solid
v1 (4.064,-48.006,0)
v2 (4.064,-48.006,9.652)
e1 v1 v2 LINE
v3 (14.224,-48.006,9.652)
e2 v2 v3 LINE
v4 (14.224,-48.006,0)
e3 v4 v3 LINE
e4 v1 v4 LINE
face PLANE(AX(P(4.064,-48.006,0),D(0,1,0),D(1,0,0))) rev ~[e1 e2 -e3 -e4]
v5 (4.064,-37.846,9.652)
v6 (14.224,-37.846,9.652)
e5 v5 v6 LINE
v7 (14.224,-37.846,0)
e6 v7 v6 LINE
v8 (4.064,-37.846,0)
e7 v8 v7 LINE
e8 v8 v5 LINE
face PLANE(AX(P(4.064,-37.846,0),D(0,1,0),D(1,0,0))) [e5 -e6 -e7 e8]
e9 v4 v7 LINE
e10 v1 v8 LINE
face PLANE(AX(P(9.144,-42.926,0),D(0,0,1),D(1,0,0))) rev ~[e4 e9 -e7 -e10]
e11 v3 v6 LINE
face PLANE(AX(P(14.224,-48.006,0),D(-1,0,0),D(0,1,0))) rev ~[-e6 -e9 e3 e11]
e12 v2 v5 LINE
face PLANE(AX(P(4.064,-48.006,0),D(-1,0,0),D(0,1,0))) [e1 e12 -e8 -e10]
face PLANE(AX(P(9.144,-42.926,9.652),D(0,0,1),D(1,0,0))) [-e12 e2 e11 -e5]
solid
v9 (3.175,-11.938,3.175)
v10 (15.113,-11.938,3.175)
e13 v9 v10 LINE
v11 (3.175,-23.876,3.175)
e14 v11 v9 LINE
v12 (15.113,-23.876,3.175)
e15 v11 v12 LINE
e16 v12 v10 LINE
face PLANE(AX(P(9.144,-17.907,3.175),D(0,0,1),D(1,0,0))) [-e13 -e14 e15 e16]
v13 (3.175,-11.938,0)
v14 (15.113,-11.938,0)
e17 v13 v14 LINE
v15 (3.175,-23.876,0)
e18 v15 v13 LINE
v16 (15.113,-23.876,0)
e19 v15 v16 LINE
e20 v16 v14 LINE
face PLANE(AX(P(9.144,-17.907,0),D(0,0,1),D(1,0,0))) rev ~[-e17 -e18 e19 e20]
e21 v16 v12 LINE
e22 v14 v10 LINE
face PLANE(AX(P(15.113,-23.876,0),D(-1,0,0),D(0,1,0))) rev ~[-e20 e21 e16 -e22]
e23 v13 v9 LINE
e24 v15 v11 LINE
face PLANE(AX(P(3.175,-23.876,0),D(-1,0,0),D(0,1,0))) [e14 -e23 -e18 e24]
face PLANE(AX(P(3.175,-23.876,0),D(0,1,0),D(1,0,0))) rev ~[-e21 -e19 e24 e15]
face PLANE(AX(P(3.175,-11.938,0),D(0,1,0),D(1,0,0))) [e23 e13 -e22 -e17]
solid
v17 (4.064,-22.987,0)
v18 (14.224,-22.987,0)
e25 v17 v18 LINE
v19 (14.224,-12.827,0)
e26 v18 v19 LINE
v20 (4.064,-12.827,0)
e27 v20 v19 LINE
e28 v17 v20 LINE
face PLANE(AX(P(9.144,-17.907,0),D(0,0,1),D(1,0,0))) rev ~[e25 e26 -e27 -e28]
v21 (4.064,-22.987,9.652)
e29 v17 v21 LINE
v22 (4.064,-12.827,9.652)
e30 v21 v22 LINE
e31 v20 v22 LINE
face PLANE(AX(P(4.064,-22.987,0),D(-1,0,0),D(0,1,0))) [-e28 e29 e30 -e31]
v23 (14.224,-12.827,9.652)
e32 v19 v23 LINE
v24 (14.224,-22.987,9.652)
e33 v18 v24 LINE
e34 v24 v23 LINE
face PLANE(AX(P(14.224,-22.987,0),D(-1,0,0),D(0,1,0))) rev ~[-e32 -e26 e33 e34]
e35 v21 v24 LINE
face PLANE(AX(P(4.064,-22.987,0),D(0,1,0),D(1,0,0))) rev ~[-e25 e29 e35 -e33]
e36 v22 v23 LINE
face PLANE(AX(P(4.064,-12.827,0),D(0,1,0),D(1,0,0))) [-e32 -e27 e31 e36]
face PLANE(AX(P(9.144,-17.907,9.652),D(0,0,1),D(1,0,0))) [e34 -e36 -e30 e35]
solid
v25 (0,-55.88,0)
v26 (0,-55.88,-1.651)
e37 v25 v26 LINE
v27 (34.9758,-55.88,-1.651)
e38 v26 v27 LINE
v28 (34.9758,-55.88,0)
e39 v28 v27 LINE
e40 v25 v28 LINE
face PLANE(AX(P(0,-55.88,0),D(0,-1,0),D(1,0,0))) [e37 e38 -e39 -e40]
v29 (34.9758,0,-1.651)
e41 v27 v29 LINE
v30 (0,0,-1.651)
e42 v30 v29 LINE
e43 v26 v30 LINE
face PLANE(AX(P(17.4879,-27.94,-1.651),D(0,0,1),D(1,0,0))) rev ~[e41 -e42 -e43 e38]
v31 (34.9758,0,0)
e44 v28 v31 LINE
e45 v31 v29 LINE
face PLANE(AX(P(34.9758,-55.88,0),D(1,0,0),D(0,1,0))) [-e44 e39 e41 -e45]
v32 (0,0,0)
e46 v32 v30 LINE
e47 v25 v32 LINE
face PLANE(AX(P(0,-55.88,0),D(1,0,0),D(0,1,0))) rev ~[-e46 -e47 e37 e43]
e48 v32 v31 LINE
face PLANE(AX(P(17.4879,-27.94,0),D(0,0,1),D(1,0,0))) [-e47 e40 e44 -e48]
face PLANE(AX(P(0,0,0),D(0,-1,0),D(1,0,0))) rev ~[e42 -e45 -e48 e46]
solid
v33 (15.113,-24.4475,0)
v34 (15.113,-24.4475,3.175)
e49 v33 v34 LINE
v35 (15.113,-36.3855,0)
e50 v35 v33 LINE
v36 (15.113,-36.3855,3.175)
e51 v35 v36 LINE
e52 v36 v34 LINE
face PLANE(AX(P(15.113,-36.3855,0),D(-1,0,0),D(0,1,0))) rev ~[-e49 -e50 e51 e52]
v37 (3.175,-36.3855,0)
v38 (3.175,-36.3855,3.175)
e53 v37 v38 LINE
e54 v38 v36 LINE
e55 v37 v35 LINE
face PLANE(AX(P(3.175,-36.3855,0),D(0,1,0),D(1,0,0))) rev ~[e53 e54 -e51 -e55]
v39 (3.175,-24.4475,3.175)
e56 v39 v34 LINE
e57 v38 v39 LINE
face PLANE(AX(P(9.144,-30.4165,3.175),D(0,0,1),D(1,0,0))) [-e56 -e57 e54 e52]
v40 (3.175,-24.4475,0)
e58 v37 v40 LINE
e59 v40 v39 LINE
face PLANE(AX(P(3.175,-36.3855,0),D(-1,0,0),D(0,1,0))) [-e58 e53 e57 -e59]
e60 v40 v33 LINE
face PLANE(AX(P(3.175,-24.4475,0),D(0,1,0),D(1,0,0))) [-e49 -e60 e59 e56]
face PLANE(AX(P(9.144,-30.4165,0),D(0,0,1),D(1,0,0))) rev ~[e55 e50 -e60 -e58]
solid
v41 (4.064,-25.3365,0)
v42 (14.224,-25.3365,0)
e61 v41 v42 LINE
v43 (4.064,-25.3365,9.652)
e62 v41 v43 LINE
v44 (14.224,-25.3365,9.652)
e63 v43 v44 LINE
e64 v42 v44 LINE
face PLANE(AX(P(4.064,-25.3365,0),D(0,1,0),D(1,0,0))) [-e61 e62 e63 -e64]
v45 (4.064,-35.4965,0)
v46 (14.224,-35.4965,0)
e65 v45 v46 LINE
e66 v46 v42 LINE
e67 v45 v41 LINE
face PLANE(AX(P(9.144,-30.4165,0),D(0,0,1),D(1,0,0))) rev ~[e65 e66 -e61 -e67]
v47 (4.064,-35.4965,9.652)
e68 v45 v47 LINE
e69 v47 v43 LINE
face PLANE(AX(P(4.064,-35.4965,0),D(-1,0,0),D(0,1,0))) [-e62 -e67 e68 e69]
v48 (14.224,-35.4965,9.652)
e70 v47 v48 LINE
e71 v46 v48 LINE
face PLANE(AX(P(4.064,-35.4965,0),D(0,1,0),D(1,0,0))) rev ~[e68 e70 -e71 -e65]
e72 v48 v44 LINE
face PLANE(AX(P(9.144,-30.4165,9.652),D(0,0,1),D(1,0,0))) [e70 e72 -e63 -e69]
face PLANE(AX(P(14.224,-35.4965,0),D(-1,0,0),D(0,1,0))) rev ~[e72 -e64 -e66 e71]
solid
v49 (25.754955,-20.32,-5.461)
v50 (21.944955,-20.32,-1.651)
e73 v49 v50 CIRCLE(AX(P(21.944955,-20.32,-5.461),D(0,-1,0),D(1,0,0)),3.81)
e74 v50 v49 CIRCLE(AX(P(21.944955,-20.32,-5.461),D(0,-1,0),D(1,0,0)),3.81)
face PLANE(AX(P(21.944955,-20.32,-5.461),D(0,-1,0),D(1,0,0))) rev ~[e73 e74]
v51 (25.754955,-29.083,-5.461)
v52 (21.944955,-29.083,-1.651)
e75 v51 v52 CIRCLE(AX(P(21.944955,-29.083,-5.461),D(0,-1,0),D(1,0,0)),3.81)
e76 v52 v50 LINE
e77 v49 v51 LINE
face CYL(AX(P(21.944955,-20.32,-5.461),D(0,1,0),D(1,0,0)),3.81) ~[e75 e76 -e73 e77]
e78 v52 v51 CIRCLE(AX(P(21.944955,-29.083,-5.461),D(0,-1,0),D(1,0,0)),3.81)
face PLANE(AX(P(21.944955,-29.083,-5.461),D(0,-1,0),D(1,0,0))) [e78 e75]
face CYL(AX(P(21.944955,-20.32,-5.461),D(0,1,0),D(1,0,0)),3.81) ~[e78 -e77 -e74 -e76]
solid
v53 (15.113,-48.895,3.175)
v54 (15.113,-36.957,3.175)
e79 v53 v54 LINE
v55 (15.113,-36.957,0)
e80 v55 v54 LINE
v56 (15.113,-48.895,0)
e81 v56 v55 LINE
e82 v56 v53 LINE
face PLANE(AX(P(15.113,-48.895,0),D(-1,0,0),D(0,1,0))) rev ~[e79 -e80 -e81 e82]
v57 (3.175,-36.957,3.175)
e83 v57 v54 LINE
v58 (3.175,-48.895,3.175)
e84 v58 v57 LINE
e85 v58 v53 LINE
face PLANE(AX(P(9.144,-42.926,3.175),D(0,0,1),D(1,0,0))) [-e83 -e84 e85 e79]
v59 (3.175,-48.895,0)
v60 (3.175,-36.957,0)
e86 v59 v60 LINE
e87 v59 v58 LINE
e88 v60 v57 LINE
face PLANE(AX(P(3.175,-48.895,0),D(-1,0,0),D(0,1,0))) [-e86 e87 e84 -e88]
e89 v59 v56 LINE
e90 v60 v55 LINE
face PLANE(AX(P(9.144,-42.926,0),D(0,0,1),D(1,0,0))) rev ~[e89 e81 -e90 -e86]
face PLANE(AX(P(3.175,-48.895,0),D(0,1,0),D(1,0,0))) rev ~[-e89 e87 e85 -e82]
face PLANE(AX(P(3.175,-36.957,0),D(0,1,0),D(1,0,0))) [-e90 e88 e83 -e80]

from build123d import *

# Parameters (mm, degrees)
F0_W     = 34.9758
F0_H     = 55.88
F0_W_2   = 11.938
F0_H_2   = 11.938
F0_W_3   = 10.16
F0_H_3   = 10.16
F1_DEPTH = 1.651
F2_DEPTH = 3.175
F3_DEPTH = 9.652
F5_R     = 3.81
F6_DEPTH = 8.763


with BuildPart() as f1:
    # F0 (on Top) → F1 (new body)
    with BuildSketch(Plane.XY):
        with Locations((17.4879, -27.94)):
            Rectangle(F0_W, F0_H)
        with Locations((9.144, -42.926)):
            Rectangle(F0_W_2, F0_H_2, mode=Mode.SUBTRACT)
        with Locations((9.144, -30.4165)):
            Rectangle(F0_W_2, F0_H_2, mode=Mode.SUBTRACT)
        with Locations((9.144, -17.907)):
            Rectangle(F0_W_2, F0_H_2, mode=Mode.SUBTRACT)
        with Locations((9.144, -42.926)):
            Rectangle(F0_W_2, F0_H_2)
        with Locations((9.144, -42.926)):
            Rectangle(F0_W_3, F0_H_3, mode=Mode.SUBTRACT)
        with Locations((9.144, -17.907)):
            Rectangle(F0_W_2, F0_H_2)
        with Locations((9.144, -17.907)):
            Rectangle(F0_W_3, F0_H_3, mode=Mode.SUBTRACT)
        with Locations((9.144, -30.4165)):
            Rectangle(F0_W_2, F0_H_2)
        with Locations((9.144, -30.4165)):
            Rectangle(F0_W_3, F0_H_3, mode=Mode.SUBTRACT)
        with Locations((9.144, -30.4165)):
            Rectangle(F0_W_3, F0_H_3)
        with Locations((9.144, -17.907)):
            Rectangle(F0_W_3, F0_H_3)
        with Locations((9.144, -42.926)):
            Rectangle(F0_W_3, F0_H_3)
    extrude(amount=-F1_DEPTH)

    # F5 (on offset) → F6 (join)
    with BuildSketch(Plane.XZ.offset(20.32)):
        with Locations((21.9449549913, -5.461)):
            Circle(F5_R)
    extrude(amount=F6_DEPTH)


with BuildPart() as f2:
    # F0 (on Top) → F2 (new body)
    with BuildSketch(Plane.XY):
        with Locations((9.144, -17.907)):
            Rectangle(F0_W_2, F0_H_2)
        with Locations((9.144, -17.907)):
            Rectangle(F0_W_3, F0_H_3, mode=Mode.SUBTRACT)
        with Locations((9.144, -17.907)):
            Rectangle(F0_W_3, F0_H_3)
    extrude(amount=F2_DEPTH)


with BuildPart() as f2b:
    # F0 (on Top) → F2, piece 2 (new body)
    with BuildSketch(Plane.XY):
        with Locations((9.144, -30.4165)):
            Rectangle(F0_W_2, F0_H_2)
        with Locations((9.144, -30.4165)):
            Rectangle(F0_W_3, F0_H_3, mode=Mode.SUBTRACT)
        with Locations((9.144, -30.4165)):
            Rectangle(F0_W_3, F0_H_3)
    extrude(amount=F2_DEPTH)


with BuildPart() as f2c:
    # F0 (on Top) → F2, piece 3 (new body)
    with BuildSketch(Plane.XY):
        with Locations((9.144, -42.926)):
            Rectangle(F0_W_2, F0_H_2)
        with Locations((9.144, -42.926)):
            Rectangle(F0_W_3, F0_H_3, mode=Mode.SUBTRACT)
        with Locations((9.144, -42.926)):
            Rectangle(F0_W_3, F0_H_3)
    extrude(amount=F2_DEPTH)


with BuildPart() as f3:
    # F0 (on Top) → F3 (new body)
    with BuildSketch(Plane.XY):
        with Locations((9.144, -17.907)):
            Rectangle(F0_W_3, F0_H_3)
    extrude(amount=F3_DEPTH)


with BuildPart() as f3b:
    # F0 (on Top) → F3, piece 2 (new body)
    with BuildSketch(Plane.XY):
        with Locations((9.144, -30.4165)):
            Rectangle(F0_W_3, F0_H_3)
    extrude(amount=F3_DEPTH)


with BuildPart() as f3c:
    # F0 (on Top) → F3, piece 3 (new body)
    with BuildSketch(Plane.XY):
        with Locations((9.144, -42.926)):
            Rectangle(F0_W_3, F0_H_3)
    extrude(amount=F3_DEPTH)


solid = Compound([f1.part, f2.part, f2b.part, f2c.part, f3.part, f3b.part, f3c.part])
